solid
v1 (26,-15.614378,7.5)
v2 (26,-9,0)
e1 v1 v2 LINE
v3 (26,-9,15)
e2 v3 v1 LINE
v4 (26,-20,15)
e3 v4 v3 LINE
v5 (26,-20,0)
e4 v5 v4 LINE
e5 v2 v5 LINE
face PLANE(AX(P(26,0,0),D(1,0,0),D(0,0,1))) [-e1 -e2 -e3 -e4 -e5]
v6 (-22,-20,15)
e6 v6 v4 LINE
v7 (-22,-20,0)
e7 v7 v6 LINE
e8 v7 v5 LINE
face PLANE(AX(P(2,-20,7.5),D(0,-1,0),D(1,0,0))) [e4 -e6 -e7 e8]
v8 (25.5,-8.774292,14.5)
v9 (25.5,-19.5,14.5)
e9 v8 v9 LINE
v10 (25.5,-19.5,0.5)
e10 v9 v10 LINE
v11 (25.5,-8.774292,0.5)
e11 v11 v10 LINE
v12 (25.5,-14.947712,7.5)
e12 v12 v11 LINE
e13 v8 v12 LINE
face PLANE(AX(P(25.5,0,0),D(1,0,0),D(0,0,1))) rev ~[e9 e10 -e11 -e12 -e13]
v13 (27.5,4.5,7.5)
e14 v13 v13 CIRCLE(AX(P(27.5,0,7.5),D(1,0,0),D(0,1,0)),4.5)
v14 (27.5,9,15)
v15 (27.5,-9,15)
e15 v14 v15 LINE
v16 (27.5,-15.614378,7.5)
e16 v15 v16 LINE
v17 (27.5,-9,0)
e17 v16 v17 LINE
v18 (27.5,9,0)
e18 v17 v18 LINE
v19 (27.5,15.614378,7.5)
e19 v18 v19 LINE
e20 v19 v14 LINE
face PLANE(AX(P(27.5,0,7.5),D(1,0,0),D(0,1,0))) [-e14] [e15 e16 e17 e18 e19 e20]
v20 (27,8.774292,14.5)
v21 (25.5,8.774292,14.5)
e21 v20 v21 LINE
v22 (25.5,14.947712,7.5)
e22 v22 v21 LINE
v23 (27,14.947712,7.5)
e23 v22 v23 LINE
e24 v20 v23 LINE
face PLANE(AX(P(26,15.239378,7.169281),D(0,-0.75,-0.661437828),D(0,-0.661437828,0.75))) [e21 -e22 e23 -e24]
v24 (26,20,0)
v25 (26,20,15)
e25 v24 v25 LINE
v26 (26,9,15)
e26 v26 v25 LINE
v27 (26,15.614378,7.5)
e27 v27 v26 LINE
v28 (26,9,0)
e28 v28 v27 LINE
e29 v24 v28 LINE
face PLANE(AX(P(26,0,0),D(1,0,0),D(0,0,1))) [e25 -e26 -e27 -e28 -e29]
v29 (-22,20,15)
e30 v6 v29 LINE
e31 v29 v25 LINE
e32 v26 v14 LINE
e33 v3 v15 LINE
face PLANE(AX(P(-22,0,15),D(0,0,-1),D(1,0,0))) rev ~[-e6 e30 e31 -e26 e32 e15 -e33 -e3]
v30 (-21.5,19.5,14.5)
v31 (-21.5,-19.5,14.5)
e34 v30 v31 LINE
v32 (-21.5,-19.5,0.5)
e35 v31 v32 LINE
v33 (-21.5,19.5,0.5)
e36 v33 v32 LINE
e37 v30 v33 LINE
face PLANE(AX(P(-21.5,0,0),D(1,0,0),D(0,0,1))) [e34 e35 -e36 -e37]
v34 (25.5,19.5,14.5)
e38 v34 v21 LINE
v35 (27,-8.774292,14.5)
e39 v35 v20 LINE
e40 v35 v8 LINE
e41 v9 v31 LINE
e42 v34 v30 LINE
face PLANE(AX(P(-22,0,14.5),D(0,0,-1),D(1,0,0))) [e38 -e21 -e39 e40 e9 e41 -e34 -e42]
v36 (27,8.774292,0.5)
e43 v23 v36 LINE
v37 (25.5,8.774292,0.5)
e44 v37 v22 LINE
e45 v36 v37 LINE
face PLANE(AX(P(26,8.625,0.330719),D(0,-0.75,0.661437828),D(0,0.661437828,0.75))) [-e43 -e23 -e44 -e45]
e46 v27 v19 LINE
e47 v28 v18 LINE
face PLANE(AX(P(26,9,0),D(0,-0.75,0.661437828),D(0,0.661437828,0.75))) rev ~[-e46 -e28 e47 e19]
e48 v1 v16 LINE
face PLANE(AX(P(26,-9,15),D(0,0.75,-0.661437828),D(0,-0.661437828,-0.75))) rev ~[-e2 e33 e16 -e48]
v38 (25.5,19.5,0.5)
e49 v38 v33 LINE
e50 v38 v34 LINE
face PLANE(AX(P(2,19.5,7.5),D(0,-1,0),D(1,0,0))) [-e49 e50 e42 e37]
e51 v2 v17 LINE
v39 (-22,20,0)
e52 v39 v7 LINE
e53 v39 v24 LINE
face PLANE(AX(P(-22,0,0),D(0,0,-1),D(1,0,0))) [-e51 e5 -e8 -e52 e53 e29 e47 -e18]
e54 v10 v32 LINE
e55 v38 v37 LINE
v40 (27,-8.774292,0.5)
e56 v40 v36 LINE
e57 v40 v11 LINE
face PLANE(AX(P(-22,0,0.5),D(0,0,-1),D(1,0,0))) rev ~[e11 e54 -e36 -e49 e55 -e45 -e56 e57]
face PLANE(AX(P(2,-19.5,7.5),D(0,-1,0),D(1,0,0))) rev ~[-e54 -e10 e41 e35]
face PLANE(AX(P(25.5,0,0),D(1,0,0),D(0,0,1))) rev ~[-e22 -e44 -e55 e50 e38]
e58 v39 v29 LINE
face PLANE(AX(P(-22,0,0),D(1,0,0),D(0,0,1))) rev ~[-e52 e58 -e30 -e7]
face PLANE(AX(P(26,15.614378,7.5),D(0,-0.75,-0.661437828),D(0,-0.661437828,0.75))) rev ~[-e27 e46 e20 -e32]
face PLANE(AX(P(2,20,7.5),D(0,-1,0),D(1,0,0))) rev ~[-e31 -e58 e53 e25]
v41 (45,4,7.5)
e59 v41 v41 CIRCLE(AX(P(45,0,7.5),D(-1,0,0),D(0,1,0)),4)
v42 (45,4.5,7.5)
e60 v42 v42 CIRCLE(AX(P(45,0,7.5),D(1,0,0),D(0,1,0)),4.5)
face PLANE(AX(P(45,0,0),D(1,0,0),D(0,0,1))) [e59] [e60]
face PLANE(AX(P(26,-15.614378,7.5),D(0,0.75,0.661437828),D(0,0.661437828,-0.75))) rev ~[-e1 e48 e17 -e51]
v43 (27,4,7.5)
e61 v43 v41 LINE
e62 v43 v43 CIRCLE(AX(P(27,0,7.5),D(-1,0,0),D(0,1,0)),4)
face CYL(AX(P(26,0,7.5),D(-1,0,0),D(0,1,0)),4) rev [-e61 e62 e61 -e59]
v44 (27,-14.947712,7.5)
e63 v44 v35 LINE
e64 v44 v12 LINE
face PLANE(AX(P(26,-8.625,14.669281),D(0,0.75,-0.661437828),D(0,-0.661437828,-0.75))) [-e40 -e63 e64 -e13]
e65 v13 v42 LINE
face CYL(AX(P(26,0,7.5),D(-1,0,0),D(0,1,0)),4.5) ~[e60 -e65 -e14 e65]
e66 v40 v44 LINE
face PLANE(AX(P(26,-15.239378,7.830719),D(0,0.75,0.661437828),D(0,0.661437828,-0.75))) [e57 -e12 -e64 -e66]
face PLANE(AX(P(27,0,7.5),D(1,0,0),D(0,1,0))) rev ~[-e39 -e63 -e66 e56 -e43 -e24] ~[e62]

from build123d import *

# Parameters (mm, degrees)
F0_W     = 48
F0_H     = 15
F1_DEPTH = 20
F2_R     = 4.5
F3_DEPTH = 1.5
F4_DEPTH = 19
F5_T     = -0.5


with BuildPart() as f1:
    # F0 (on Front) → F1 (new body, symmetric)
    with BuildSketch(Plane.XZ):
        with Locations((2, 7.5)):
            Rectangle(F0_W, F0_H)
    extrude(amount=F1_DEPTH, both=True)

    # F2 (on face) → F3 (join)
    with BuildSketch(Plane.YZ.offset(26)):
        Polygon((-15.6143782777, 7.5), (-9, 0), (0, 0), (9, 0), (15.6143782777, 7.5), (9, 15), (0, 15), (-9, 15), align=None)
        with Locations((0, 7.5)):
            Circle(F2_R, mode=Mode.SUBTRACT)
    extrude(amount=F3_DEPTH)

    # F4 (add): a face of the model
    f4_faces = [f1.faces().sort_by_distance(p)[0] for p in [
        (26, 0, 7.5),
    ]]
    extrude(f4_faces, amount=F4_DEPTH)

    # F5
    f5_openings = [f1.faces().sort_by_distance(p)[0] for p in [
        (45, 0, 7.5),
    ]]
    offset(amount=F5_T, openings=f5_openings, kind=Kind.INTERSECTION)


solid = f1.part
